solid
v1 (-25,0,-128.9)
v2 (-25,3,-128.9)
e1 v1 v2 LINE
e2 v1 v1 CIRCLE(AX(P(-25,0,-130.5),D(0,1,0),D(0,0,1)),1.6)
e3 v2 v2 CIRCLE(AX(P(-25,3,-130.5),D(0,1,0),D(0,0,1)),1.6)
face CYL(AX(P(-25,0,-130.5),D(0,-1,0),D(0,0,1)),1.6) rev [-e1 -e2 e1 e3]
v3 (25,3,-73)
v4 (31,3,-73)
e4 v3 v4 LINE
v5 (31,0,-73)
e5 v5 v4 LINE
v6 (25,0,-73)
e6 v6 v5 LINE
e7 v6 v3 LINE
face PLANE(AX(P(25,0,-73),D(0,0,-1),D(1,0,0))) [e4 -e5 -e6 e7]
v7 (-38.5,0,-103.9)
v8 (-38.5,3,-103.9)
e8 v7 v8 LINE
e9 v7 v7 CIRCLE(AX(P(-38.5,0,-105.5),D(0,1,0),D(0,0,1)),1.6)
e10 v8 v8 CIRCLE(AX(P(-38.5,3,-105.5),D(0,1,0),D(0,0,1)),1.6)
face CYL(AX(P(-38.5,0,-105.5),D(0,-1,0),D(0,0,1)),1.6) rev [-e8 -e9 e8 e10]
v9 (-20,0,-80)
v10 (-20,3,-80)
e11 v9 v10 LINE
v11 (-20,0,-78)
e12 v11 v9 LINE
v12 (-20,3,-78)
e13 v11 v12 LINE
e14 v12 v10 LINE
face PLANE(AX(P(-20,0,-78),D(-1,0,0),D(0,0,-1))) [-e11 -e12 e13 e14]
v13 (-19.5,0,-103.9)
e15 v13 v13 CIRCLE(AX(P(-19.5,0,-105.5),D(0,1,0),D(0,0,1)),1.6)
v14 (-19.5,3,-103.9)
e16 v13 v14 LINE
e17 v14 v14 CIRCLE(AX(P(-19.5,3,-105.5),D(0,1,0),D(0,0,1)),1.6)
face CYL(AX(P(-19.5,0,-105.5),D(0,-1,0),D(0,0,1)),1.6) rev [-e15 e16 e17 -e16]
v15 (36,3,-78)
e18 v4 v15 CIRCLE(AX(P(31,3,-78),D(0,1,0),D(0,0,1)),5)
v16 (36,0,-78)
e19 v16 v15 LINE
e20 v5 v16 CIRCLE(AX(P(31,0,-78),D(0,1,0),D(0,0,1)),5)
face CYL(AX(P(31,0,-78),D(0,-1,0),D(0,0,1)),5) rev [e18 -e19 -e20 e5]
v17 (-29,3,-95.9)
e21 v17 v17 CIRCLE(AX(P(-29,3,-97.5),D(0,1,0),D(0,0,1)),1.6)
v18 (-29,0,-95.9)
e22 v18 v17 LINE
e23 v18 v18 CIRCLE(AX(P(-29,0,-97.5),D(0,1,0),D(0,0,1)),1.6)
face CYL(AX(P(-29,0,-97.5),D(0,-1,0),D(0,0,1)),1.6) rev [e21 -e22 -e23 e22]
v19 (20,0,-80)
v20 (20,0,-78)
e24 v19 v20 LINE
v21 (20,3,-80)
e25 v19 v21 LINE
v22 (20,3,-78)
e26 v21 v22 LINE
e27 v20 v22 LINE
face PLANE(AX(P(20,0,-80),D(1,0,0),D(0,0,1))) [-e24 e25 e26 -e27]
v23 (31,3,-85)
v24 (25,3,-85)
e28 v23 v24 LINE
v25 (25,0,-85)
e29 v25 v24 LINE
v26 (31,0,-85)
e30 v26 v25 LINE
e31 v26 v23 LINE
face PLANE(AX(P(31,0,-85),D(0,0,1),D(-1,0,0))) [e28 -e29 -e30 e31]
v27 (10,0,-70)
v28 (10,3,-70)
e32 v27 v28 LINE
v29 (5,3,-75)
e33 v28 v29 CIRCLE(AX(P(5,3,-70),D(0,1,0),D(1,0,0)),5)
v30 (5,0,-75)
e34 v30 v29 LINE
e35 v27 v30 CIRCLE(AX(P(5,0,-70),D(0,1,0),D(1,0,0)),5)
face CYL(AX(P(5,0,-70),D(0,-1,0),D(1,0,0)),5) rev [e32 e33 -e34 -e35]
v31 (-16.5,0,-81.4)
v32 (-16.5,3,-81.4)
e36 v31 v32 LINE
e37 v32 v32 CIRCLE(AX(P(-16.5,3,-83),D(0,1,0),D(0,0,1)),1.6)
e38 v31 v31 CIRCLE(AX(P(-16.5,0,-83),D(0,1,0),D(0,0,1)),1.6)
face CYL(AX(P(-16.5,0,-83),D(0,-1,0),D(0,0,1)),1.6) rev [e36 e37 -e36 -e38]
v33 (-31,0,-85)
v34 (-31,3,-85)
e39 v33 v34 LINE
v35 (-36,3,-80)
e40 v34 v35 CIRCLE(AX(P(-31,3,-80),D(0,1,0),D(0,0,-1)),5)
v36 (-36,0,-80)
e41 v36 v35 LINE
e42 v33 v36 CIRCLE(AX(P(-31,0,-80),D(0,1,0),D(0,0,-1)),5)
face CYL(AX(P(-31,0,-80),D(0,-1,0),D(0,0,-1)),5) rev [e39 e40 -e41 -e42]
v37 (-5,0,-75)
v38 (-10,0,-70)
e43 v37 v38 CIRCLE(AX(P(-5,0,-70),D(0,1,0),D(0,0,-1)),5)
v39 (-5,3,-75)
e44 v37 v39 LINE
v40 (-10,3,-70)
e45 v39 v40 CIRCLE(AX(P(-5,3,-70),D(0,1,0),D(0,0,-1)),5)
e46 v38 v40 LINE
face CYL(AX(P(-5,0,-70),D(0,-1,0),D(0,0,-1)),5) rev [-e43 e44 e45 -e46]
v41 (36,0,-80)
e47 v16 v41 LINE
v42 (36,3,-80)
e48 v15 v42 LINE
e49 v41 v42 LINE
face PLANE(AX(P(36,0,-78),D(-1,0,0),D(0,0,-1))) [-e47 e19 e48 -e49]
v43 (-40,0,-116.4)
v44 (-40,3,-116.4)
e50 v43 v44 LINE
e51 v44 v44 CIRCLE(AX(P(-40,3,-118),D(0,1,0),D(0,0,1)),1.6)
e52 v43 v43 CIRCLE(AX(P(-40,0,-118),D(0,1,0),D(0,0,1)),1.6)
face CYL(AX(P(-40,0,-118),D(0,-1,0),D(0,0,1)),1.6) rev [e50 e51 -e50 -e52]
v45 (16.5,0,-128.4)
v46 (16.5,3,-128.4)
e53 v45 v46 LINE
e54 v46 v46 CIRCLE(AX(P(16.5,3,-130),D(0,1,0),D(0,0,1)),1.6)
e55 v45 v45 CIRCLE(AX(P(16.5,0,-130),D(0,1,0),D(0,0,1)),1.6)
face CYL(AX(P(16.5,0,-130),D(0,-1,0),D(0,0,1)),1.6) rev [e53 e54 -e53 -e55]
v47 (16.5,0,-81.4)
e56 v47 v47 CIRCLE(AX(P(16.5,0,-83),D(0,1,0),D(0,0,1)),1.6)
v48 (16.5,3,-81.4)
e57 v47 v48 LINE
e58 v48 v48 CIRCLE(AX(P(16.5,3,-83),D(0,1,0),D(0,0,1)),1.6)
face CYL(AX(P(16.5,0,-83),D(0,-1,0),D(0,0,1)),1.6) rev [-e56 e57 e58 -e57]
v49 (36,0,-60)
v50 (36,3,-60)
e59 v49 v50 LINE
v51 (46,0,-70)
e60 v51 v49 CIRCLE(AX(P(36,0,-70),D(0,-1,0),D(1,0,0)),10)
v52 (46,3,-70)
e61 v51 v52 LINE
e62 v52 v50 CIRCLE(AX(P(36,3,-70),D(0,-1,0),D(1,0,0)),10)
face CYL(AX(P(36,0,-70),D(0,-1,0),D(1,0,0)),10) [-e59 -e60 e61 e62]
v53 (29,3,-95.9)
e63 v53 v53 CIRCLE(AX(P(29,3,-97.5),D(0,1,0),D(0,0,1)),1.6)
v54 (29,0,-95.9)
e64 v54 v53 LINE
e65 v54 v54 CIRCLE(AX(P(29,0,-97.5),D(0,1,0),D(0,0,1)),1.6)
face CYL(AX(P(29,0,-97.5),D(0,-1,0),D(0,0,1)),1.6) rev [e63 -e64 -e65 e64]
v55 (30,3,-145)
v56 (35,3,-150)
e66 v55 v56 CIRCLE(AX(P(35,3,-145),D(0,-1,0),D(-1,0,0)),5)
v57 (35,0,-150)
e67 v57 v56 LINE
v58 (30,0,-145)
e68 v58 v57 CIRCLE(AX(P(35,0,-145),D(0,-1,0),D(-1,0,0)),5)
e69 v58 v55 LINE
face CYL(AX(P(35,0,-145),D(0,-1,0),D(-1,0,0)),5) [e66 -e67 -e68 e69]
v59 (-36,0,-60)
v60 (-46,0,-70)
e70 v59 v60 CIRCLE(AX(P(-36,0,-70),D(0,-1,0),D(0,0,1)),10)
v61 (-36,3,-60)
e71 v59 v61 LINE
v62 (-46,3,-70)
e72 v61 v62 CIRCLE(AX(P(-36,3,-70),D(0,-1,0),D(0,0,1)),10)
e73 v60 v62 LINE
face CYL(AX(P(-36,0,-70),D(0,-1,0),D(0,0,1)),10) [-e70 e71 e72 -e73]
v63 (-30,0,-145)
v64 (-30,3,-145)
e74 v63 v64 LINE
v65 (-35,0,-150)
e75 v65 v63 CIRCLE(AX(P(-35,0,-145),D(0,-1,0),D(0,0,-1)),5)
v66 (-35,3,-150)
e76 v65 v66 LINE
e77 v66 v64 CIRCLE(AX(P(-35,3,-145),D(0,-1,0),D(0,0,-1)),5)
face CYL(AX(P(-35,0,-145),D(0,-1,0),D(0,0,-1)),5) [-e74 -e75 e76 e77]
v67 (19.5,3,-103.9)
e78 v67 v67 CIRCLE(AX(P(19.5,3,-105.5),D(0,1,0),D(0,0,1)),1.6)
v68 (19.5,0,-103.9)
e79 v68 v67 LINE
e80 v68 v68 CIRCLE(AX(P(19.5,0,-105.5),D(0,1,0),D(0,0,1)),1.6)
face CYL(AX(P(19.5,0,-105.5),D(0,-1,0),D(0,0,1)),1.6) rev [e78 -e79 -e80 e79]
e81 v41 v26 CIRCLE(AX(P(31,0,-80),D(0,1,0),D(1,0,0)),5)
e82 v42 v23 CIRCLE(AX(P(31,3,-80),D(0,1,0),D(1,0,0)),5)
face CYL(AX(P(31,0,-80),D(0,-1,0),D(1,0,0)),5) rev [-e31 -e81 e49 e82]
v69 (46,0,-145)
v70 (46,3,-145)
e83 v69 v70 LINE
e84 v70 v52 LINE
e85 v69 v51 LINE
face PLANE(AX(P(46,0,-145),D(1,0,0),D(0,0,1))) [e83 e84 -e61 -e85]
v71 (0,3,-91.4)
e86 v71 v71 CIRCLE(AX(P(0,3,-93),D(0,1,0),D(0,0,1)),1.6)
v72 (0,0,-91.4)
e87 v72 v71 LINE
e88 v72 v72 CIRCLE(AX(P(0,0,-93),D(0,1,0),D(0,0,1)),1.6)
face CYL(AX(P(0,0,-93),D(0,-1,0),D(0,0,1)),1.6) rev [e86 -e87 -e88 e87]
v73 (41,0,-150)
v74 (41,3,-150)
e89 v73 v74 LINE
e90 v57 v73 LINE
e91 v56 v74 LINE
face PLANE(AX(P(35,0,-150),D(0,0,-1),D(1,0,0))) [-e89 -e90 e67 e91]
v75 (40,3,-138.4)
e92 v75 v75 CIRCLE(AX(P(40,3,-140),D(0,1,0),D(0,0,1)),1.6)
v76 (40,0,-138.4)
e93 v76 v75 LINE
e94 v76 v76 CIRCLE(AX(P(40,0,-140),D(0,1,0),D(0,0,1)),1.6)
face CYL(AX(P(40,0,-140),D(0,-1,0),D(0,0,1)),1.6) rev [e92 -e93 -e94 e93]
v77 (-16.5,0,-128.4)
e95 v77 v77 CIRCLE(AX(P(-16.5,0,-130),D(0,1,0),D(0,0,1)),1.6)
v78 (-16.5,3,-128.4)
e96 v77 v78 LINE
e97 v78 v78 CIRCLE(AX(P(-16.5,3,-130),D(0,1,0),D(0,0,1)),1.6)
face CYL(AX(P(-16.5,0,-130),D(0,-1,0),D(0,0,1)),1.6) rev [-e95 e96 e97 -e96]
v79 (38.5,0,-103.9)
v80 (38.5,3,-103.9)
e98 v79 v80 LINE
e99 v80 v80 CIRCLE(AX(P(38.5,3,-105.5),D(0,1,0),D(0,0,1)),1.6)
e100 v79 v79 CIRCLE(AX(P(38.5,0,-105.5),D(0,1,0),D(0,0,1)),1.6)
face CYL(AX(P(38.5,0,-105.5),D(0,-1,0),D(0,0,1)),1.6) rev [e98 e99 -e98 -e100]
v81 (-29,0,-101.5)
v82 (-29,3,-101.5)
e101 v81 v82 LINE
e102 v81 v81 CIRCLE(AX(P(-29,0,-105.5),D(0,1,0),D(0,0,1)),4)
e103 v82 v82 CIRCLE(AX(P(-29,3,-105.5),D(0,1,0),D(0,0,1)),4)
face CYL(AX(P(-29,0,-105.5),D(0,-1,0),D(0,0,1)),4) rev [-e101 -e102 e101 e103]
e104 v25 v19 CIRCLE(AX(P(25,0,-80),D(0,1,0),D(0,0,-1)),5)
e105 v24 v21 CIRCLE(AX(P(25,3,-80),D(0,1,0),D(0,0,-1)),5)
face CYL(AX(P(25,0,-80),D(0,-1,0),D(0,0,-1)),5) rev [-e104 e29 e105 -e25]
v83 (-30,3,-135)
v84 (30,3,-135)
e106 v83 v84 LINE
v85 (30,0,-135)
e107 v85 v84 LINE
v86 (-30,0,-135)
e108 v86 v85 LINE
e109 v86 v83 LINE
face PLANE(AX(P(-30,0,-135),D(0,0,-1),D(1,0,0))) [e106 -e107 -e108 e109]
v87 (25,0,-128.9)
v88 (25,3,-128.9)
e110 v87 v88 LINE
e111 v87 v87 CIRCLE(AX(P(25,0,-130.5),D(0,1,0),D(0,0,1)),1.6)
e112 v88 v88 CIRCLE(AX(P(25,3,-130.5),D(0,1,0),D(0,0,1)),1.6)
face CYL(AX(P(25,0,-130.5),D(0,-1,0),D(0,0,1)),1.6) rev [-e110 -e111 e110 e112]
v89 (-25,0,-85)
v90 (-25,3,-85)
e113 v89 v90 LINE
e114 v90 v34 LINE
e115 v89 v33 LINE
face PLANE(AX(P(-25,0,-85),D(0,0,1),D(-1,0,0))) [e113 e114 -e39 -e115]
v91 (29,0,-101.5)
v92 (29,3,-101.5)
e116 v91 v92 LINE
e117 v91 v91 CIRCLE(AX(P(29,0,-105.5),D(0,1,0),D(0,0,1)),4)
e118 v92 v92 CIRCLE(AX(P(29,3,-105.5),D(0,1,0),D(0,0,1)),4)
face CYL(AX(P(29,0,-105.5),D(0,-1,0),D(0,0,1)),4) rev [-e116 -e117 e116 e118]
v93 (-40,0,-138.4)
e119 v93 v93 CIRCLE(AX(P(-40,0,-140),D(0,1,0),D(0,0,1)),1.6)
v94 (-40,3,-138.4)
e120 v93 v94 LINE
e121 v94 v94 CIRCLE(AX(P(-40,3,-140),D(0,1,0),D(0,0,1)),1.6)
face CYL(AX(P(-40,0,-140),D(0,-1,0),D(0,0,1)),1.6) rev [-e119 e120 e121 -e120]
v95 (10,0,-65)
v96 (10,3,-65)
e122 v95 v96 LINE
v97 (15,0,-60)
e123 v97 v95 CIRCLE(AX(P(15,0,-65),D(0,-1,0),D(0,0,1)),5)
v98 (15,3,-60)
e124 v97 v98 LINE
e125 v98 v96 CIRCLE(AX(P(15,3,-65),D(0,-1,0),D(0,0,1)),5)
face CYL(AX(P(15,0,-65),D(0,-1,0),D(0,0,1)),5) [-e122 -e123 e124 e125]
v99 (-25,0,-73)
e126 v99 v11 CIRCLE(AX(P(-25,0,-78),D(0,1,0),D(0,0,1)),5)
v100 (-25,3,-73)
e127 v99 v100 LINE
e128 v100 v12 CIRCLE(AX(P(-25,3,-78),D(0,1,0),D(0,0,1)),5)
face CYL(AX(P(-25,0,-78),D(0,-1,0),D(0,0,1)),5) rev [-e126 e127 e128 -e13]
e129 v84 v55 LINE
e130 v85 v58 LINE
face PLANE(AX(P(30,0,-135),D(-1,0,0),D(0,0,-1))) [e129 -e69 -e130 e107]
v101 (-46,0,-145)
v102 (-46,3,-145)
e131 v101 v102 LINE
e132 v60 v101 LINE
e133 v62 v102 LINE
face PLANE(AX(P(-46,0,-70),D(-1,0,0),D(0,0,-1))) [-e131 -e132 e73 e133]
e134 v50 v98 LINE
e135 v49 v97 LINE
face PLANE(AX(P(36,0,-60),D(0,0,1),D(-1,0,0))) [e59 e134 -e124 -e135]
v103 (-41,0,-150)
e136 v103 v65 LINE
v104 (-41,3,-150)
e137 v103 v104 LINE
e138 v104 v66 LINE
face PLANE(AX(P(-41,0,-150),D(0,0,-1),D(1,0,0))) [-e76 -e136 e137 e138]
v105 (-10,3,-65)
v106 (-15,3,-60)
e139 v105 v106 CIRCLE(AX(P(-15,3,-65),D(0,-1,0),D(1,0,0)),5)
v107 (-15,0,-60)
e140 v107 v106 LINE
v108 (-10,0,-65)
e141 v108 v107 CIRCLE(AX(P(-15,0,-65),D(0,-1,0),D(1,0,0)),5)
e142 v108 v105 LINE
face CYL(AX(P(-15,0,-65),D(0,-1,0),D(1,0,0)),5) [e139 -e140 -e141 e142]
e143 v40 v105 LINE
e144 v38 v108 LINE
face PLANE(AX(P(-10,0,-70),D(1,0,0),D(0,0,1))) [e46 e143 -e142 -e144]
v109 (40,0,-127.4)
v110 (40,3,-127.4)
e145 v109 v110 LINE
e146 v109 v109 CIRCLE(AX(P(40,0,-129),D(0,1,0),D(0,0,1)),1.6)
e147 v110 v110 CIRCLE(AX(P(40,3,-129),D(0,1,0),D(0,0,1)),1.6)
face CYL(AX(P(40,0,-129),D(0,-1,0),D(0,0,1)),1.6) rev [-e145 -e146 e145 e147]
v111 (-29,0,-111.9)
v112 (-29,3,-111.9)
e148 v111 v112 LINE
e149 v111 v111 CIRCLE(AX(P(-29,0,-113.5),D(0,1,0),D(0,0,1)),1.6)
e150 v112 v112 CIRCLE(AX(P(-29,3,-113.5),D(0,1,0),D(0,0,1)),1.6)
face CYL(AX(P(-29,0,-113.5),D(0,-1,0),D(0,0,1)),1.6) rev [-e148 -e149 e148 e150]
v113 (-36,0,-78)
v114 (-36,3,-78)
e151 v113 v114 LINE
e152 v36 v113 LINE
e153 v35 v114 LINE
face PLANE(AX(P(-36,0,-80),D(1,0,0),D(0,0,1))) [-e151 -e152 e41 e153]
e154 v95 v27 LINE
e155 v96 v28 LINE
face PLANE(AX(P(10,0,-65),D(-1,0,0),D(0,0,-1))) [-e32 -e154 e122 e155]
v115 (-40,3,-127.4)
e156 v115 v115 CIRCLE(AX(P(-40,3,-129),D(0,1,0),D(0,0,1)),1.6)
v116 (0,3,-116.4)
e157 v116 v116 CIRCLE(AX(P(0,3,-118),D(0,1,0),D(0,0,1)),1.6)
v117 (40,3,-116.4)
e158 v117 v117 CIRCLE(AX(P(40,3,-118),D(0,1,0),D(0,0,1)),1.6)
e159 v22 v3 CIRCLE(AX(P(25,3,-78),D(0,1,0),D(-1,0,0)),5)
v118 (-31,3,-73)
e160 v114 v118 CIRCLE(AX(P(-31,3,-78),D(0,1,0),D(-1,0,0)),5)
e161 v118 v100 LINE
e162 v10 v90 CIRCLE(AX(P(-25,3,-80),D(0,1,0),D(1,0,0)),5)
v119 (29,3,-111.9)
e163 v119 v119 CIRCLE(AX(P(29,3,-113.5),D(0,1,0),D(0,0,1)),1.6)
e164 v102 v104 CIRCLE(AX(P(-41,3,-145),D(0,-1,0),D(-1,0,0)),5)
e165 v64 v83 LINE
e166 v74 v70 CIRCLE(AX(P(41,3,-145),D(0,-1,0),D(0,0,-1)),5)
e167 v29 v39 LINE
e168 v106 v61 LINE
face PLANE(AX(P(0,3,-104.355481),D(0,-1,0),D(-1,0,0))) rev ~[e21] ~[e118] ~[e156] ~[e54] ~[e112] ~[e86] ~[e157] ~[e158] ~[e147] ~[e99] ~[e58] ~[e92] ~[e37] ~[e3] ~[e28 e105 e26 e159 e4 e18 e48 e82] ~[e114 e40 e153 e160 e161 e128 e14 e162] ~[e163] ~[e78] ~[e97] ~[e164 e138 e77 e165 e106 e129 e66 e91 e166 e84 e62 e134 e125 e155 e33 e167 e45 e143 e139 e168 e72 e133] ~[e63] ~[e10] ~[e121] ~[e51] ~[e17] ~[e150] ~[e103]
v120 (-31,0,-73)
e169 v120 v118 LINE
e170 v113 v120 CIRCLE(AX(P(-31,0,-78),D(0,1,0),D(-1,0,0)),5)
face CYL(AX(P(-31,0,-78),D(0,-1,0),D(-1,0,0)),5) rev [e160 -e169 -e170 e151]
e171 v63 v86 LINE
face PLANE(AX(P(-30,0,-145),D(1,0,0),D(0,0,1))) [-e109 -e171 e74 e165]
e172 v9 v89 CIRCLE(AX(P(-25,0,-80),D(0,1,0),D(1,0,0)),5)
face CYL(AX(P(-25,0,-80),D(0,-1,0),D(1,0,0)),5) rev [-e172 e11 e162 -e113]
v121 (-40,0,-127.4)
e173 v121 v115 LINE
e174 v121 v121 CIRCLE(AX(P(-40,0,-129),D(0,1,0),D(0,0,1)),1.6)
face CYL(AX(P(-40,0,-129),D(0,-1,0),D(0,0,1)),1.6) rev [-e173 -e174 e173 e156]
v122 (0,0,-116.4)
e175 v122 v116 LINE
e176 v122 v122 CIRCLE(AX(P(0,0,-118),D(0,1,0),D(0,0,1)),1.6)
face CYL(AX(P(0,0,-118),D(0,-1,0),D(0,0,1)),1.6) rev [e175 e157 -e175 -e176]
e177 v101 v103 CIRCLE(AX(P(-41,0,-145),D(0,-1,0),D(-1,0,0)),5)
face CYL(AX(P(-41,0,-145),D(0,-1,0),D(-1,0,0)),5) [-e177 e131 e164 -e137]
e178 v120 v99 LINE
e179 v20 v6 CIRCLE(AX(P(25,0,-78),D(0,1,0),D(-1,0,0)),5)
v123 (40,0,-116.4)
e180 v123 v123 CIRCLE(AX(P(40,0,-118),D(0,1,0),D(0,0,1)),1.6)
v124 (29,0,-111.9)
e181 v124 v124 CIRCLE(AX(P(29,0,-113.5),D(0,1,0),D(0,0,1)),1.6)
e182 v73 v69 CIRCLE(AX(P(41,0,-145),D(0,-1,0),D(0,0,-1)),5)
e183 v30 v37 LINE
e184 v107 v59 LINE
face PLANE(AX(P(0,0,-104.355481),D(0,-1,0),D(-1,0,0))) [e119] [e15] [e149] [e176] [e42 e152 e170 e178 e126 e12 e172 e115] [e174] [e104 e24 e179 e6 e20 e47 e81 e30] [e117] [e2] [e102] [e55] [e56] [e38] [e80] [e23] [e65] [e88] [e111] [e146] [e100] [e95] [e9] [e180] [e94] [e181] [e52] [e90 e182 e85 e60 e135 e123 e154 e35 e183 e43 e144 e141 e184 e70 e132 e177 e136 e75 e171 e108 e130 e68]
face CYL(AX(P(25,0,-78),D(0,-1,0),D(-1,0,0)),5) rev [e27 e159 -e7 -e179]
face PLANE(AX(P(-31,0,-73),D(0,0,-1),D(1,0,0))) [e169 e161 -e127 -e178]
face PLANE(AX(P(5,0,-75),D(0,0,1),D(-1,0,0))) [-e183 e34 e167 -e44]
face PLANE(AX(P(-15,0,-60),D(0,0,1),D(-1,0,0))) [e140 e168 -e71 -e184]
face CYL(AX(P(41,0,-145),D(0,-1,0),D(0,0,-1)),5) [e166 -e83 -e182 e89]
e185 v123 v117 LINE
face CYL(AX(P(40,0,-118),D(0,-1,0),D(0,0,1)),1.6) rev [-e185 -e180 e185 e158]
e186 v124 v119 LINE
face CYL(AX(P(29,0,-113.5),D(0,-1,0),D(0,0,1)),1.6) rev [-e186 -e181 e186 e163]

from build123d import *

# Parameters (mm, degrees)
SKETCH_1_R      = 1.6
SKETCH_1_R_2    = 4
EXTRUDE_1_DEPTH = 3


with BuildPart() as part:
    # 草图1 → 凸台-拉伸1 (new body)
    with BuildSketch(Plane(origin=(0, 0, 0), x_dir=(1, 0, 0), z_dir=(0, 1, 0))):
        with BuildLine():
            Line((5, 75), (-5, 75))
            ThreePointArc((-5, 75), (-8.535533906, 73.535533906), (-10, 70))
            Line((-10, 70), (-10, 65))
            ThreePointArc((-10, 65), (-11.464466094, 61.464466094), (-15, 60))
            Line((-15, 60), (-36, 60))
            ThreePointArc((-36, 60), (-43.071067812, 62.928932188), (-46, 70))
            Line((-46, 70), (-46, 145))
            ThreePointArc((-46, 145), (-44.535533906, 148.535533906), (-41, 150))
            Line((-41, 150), (-35, 150))
            ThreePointArc((-35, 150), (-31.464466094, 148.535533906), (-30, 145))
            Line((-30, 145), (-30, 135))
            Line((-30, 135), (30, 135))
            Line((30, 135), (30, 145))
            ThreePointArc((30, 145), (31.464466094, 148.535533906), (35, 150))
            Line((35, 150), (41, 150))
            ThreePointArc((41, 150), (44.535533906, 148.535533906), (46, 145))
            Line((46, 145), (46, 70))
            ThreePointArc((46, 70), (43.071067812, 62.928932188), (36, 60))
            Line((36, 60), (15, 60))
            ThreePointArc((15, 60), (11.464466094, 61.464466094), (10, 65))
            Line((10, 65), (10, 70))
            ThreePointArc((10, 70), (8.535533906, 73.535533906), (5, 75))
        make_face()
        with Locations(Location((-40, 118, 0), (0, 0, 270))):
            Circle(SKETCH_1_R, mode=Mode.SUBTRACT)
        with Locations(Location((40, 129, 0), (0, 0, 270))):
            Circle(SKETCH_1_R, mode=Mode.SUBTRACT)
        with Locations(Location((-40, 129, 0), (0, 0, 270))):
            Circle(SKETCH_1_R, mode=Mode.SUBTRACT)
        with Locations(Location((40, 118, 0), (0, 0, 270))):
            Circle(SKETCH_1_R, mode=Mode.SUBTRACT)
        with Locations(Location((-16.5, 83, 0), (0, 0, 270))):
            Circle(SKETCH_1_R, mode=Mode.SUBTRACT)
        with Locations(Location((16.5, 83, 0), (0, 0, 270))):
            Circle(SKETCH_1_R, mode=Mode.SUBTRACT)
        with Locations(Location((-25, 130.5, 0), (0, 0, 270))):
            Circle(SKETCH_1_R, mode=Mode.SUBTRACT)
        with Locations(Location((25, 130.5, 0), (0, 0, 270))):
            Circle(SKETCH_1_R, mode=Mode.SUBTRACT)
        with Locations(Location((-16.5, 130, 0), (0, 0, 270))):
            Circle(SKETCH_1_R, mode=Mode.SUBTRACT)
        with Locations(Location((16.5, 130, 0), (0, 0, 270))):
            Circle(SKETCH_1_R, mode=Mode.SUBTRACT)
        with Locations(Location((0, 118, 0), (0, 0, 270))):
            Circle(SKETCH_1_R, mode=Mode.SUBTRACT)
        with Locations(Location((0, 93, 0), (0, 0, 270))):
            Circle(SKETCH_1_R, mode=Mode.SUBTRACT)
        with Locations(Location((-29, 105.5, 0), (0, 0, 270))):
            Circle(SKETCH_1_R_2, mode=Mode.SUBTRACT)
        with Locations(Location((-29, 97.5, 0), (0, 0, 270))):
            Circle(SKETCH_1_R, mode=Mode.SUBTRACT)
        with Locations(Location((-29, 113.5, 0), (0, 0, 270))):
            Circle(SKETCH_1_R, mode=Mode.SUBTRACT)
        with Locations(Location((-19.5, 105.5, 0), (0, 0, 270))):
            Circle(SKETCH_1_R, mode=Mode.SUBTRACT)
        with Locations(Location((-38.5, 105.5, 0), (0, 0, 270))):
            Circle(SKETCH_1_R, mode=Mode.SUBTRACT)
        with Locations(Location((38.5, 105.5, 0), (0, 0, 270))):
            Circle(SKETCH_1_R, mode=Mode.SUBTRACT)
        with Locations(Location((19.5, 105.5, 0), (0, 0, 270))):
            Circle(SKETCH_1_R, mode=Mode.SUBTRACT)
        with Locations(Location((29, 113.5, 0), (0, 0, 270))):
            Circle(SKETCH_1_R, mode=Mode.SUBTRACT)
        with Locations(Location((29, 97.5, 0), (0, 0, 270))):
            Circle(SKETCH_1_R, mode=Mode.SUBTRACT)
        with Locations(Location((29, 105.5, 0), (0, 0, 270))):
            Circle(SKETCH_1_R_2, mode=Mode.SUBTRACT)
        with Locations(Location((40, 140, 0), (0, 0, 270))):
            Circle(SKETCH_1_R, mode=Mode.SUBTRACT)
        with Locations(Location((-40, 140, 0), (0, 0, 270))):
            Circle(SKETCH_1_R, mode=Mode.SUBTRACT)
        with BuildLine():
            Line((36, 78), (36, 80))
            ThreePointArc((36, 80), (34.535533906, 83.535533906), (31, 85))
            Line((31, 85), (25, 85))
            ThreePointArc((25, 85), (21.464466094, 83.535533906), (20, 80))
            Line((20, 80), (20, 78))
            ThreePointArc((20, 78), (21.464466094, 74.464466094), (25, 73))
            Line((25, 73), (31, 73))
            ThreePointArc((31, 73), (34.535533906, 74.464466094), (36, 78))
        make_face(mode=Mode.SUBTRACT)
        with BuildLine():
            Line((-25, 85), (-31, 85))
            ThreePointArc((-31, 85), (-34.535533906, 83.535533906), (-36, 80))
            Line((-36, 80), (-36, 78))
            ThreePointArc((-36, 78), (-34.535533906, 74.464466094), (-31, 73))
            Line((-31, 73), (-25, 73))
            ThreePointArc((-25, 73), (-21.464466094, 74.464466094), (-20, 78))
            Line((-20, 78), (-20, 80))
            ThreePointArc((-20, 80), (-21.464466094, 83.535533906), (-25, 85))
        make_face(mode=Mode.SUBTRACT)
    extrude(amount=EXTRUDE_1_DEPTH)


solid = part.part
